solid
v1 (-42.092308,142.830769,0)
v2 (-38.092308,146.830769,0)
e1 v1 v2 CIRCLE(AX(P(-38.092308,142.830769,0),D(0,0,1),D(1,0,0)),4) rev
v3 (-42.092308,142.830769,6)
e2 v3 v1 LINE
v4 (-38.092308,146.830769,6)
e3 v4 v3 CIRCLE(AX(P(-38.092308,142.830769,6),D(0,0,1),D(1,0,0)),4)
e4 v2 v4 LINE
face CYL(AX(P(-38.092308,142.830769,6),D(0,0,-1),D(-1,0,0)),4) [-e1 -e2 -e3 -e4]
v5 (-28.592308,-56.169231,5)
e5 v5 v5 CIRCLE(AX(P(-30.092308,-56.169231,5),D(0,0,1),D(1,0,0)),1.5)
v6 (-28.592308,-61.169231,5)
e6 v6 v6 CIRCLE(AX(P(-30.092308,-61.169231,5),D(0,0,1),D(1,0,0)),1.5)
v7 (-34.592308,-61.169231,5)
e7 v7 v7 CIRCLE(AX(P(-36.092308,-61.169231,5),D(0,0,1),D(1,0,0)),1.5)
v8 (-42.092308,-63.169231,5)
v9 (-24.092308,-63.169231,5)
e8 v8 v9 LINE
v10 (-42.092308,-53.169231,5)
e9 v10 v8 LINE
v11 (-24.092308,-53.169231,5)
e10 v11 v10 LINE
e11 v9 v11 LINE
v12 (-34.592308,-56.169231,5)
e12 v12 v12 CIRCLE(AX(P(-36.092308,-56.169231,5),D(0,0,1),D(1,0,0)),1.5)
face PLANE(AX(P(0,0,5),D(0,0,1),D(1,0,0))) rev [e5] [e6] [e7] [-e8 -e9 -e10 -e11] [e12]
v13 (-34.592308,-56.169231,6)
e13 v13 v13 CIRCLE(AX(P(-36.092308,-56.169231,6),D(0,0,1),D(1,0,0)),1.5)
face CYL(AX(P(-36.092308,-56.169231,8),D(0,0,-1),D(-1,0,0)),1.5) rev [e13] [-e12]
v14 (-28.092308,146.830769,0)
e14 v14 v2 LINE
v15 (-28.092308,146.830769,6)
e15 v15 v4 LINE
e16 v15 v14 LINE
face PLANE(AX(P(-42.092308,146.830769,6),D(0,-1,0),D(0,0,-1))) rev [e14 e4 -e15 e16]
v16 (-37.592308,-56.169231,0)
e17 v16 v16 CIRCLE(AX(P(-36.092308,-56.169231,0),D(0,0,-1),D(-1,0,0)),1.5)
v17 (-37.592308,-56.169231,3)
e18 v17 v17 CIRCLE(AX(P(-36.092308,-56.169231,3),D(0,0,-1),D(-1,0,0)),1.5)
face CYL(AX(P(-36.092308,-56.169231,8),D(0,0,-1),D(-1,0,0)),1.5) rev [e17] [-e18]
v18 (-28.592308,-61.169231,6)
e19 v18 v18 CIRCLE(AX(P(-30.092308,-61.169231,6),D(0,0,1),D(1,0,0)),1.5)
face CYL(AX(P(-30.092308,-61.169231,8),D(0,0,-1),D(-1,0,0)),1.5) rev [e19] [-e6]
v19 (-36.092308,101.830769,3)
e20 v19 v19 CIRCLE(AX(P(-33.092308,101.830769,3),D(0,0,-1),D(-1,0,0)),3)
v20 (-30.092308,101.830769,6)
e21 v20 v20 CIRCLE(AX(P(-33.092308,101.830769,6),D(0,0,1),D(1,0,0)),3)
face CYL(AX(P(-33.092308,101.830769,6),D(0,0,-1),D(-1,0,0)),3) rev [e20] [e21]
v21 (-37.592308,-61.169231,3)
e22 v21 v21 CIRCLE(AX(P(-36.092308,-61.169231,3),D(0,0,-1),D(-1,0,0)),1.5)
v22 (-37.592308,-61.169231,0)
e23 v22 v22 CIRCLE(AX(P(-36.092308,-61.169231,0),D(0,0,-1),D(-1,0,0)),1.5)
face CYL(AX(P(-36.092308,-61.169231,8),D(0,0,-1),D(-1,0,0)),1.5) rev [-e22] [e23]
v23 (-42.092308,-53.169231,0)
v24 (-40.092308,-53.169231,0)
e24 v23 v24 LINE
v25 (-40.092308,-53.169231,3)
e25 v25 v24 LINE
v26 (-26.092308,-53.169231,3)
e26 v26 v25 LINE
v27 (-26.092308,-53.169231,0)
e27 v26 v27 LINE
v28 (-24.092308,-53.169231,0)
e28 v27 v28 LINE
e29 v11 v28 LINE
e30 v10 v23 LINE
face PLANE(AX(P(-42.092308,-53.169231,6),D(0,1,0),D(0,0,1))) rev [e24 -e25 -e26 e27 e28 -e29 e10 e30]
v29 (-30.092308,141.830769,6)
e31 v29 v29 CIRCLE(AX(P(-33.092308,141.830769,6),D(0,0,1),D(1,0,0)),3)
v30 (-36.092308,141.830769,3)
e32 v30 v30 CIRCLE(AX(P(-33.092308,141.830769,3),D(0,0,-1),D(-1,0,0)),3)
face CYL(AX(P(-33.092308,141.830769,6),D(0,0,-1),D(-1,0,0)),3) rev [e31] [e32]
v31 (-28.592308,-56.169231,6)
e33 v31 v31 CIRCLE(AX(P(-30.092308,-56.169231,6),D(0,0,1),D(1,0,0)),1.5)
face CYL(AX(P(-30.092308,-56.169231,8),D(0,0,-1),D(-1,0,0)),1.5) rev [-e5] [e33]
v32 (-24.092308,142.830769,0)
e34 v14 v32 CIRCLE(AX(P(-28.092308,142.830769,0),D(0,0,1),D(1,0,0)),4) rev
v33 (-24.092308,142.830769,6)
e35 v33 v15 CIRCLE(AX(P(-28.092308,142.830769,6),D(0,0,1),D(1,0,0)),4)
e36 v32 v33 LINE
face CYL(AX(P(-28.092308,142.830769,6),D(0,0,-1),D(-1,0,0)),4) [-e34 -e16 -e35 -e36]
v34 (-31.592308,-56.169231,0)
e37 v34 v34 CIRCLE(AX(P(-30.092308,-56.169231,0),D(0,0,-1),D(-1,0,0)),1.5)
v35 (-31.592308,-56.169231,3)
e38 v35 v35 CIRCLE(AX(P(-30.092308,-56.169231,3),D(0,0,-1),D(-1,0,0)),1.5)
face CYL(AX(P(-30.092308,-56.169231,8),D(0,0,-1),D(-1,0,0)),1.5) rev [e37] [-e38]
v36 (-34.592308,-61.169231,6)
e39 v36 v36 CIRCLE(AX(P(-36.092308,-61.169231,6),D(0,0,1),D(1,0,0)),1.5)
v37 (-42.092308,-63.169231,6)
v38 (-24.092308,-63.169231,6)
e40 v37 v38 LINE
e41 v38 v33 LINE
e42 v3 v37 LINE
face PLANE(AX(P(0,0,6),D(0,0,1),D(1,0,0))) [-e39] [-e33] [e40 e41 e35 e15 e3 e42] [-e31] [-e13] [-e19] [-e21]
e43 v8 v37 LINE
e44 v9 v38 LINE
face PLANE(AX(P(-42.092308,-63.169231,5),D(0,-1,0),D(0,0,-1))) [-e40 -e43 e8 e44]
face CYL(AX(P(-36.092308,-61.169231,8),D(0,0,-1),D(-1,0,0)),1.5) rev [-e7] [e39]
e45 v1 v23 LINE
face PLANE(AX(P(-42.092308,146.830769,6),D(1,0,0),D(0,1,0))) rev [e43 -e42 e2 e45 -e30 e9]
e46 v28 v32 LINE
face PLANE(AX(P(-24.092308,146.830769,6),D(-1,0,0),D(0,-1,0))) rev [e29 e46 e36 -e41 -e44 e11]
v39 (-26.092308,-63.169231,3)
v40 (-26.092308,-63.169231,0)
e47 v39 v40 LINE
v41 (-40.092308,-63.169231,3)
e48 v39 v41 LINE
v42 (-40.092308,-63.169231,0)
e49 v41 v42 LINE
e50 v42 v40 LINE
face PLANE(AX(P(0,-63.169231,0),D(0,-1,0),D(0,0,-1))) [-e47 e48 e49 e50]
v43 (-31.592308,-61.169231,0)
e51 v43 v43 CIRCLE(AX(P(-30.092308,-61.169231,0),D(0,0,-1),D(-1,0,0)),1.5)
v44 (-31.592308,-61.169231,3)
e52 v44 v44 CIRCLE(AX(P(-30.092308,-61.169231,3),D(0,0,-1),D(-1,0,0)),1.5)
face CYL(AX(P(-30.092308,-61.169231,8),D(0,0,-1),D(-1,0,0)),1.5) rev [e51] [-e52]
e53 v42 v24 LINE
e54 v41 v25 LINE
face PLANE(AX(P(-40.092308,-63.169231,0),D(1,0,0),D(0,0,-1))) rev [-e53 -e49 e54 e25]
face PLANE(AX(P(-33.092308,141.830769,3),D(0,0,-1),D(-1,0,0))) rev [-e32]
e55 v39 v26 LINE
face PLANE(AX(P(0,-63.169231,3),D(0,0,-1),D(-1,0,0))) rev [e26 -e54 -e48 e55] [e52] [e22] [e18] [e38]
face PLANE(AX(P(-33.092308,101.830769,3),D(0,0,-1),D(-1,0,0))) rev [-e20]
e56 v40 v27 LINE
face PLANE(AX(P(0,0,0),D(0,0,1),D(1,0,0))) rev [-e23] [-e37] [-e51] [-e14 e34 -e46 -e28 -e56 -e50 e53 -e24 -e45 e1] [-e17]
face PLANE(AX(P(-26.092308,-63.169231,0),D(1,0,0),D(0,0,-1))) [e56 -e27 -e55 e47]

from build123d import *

# Parameters (mm, degrees)
SKETCH_1_W               = 18
SKETCH_1_H               = 200
SKETCH_1_R               = 3
EXTRUDE_1_DEPTH          = 6
SKETCH_2_W               = 14
SKETCH_2_H               = 3
EXTRUDE_2_DEPTH          = 10
SKETCH_5_W               = 18
SKETCH_5_H               = 10
EXTRUDE_4_DEPTH          = 1
CUT_EXTRUDE_2_DEPTH      = 153.826820813
CUT_EXTRUDE_2_DEPTH_BACK = 3
SKETCH_7_R               = 1.5
SKETCH_8_R               = 3
EXTRUDE_5_DEPTH          = 3
FILLET_1_R               = 4


with BuildPart() as part:
    # 草图1 → 凸台-拉伸1 (new body)
    with BuildSketch(Plane.XY):
        with Locations((-33.092307692, 46.830769231)):
            Rectangle(SKETCH_1_W, SKETCH_1_H)
        with Locations((-33.092307692, 141.830769231)):
            Circle(SKETCH_1_R, mode=Mode.SUBTRACT)
        with Locations((-33.092307692, 101.830769231)):
            Circle(SKETCH_1_R, mode=Mode.SUBTRACT)
    extrude(amount=EXTRUDE_1_DEPTH)

    # 草图2 → 凸台-拉伸2 (add)
    with BuildSketch(Plane.XZ.offset(53.169230769)):
        with Locations((-33.092307692, 1.5)):
            Rectangle(SKETCH_2_W, SKETCH_2_H)
    extrude(amount=EXTRUDE_2_DEPTH)

    # 草图5 → 凸台-拉伸4 (add)
    with BuildSketch(Plane.XY.offset(6)):
        with Locations((-33.092307692, -58.169230769)):
            Rectangle(SKETCH_5_W, SKETCH_5_H)
    extrude(amount=-EXTRUDE_4_DEPTH)

    # 草图7 → 切除-拉伸2 (cut, two sides: drawn at the far end of the back side and taken through both)
    with BuildSketch(Plane(origin=(0, 0, 5), x_dir=(-1, 0, 0), z_dir=(0, 0, -1)).offset(-CUT_EXTRUDE_2_DEPTH_BACK)):
        with Locations(Location((30.092307692, -56.169230769, 0), (0, 0, 180))):
            Circle(SKETCH_7_R)
        with Locations(Location((36.092307692, -56.169230769, 0), (0, 0, 180))):
            Circle(SKETCH_7_R)
        with Locations(Location((30.092307692, -61.169230769, 0), (0, 0, 180))):
            Circle(SKETCH_7_R)
        with Locations(Location((36.092307692, -61.169230769, 0), (0, 0, 180))):
            Circle(SKETCH_7_R)
    extrude(amount=CUT_EXTRUDE_2_DEPTH + CUT_EXTRUDE_2_DEPTH_BACK, mode=Mode.SUBTRACT)

    # 草图8 → 凸台-拉伸5 (add)
    with BuildSketch(Plane(origin=(0, 0, 0), x_dir=(-1, 0, 0), z_dir=(0, 0, -1))):
        with Locations((33.092307692, 141.830769231)):
            Circle(SKETCH_8_R)
        with Locations((33.092307692, 101.830769231)):
            Circle(SKETCH_8_R)
    extrude(amount=-EXTRUDE_5_DEPTH)

    # 圆角1
    fillet_1_edges = [part.edges().sort_by_distance(p)[0] for p in [
        (-42.092307692, 146.830769231, 3),
        (-24.092307692, 146.830769231, 3),
    ]]
    fillet(fillet_1_edges, radius=FILLET_1_R)


solid = part.part
